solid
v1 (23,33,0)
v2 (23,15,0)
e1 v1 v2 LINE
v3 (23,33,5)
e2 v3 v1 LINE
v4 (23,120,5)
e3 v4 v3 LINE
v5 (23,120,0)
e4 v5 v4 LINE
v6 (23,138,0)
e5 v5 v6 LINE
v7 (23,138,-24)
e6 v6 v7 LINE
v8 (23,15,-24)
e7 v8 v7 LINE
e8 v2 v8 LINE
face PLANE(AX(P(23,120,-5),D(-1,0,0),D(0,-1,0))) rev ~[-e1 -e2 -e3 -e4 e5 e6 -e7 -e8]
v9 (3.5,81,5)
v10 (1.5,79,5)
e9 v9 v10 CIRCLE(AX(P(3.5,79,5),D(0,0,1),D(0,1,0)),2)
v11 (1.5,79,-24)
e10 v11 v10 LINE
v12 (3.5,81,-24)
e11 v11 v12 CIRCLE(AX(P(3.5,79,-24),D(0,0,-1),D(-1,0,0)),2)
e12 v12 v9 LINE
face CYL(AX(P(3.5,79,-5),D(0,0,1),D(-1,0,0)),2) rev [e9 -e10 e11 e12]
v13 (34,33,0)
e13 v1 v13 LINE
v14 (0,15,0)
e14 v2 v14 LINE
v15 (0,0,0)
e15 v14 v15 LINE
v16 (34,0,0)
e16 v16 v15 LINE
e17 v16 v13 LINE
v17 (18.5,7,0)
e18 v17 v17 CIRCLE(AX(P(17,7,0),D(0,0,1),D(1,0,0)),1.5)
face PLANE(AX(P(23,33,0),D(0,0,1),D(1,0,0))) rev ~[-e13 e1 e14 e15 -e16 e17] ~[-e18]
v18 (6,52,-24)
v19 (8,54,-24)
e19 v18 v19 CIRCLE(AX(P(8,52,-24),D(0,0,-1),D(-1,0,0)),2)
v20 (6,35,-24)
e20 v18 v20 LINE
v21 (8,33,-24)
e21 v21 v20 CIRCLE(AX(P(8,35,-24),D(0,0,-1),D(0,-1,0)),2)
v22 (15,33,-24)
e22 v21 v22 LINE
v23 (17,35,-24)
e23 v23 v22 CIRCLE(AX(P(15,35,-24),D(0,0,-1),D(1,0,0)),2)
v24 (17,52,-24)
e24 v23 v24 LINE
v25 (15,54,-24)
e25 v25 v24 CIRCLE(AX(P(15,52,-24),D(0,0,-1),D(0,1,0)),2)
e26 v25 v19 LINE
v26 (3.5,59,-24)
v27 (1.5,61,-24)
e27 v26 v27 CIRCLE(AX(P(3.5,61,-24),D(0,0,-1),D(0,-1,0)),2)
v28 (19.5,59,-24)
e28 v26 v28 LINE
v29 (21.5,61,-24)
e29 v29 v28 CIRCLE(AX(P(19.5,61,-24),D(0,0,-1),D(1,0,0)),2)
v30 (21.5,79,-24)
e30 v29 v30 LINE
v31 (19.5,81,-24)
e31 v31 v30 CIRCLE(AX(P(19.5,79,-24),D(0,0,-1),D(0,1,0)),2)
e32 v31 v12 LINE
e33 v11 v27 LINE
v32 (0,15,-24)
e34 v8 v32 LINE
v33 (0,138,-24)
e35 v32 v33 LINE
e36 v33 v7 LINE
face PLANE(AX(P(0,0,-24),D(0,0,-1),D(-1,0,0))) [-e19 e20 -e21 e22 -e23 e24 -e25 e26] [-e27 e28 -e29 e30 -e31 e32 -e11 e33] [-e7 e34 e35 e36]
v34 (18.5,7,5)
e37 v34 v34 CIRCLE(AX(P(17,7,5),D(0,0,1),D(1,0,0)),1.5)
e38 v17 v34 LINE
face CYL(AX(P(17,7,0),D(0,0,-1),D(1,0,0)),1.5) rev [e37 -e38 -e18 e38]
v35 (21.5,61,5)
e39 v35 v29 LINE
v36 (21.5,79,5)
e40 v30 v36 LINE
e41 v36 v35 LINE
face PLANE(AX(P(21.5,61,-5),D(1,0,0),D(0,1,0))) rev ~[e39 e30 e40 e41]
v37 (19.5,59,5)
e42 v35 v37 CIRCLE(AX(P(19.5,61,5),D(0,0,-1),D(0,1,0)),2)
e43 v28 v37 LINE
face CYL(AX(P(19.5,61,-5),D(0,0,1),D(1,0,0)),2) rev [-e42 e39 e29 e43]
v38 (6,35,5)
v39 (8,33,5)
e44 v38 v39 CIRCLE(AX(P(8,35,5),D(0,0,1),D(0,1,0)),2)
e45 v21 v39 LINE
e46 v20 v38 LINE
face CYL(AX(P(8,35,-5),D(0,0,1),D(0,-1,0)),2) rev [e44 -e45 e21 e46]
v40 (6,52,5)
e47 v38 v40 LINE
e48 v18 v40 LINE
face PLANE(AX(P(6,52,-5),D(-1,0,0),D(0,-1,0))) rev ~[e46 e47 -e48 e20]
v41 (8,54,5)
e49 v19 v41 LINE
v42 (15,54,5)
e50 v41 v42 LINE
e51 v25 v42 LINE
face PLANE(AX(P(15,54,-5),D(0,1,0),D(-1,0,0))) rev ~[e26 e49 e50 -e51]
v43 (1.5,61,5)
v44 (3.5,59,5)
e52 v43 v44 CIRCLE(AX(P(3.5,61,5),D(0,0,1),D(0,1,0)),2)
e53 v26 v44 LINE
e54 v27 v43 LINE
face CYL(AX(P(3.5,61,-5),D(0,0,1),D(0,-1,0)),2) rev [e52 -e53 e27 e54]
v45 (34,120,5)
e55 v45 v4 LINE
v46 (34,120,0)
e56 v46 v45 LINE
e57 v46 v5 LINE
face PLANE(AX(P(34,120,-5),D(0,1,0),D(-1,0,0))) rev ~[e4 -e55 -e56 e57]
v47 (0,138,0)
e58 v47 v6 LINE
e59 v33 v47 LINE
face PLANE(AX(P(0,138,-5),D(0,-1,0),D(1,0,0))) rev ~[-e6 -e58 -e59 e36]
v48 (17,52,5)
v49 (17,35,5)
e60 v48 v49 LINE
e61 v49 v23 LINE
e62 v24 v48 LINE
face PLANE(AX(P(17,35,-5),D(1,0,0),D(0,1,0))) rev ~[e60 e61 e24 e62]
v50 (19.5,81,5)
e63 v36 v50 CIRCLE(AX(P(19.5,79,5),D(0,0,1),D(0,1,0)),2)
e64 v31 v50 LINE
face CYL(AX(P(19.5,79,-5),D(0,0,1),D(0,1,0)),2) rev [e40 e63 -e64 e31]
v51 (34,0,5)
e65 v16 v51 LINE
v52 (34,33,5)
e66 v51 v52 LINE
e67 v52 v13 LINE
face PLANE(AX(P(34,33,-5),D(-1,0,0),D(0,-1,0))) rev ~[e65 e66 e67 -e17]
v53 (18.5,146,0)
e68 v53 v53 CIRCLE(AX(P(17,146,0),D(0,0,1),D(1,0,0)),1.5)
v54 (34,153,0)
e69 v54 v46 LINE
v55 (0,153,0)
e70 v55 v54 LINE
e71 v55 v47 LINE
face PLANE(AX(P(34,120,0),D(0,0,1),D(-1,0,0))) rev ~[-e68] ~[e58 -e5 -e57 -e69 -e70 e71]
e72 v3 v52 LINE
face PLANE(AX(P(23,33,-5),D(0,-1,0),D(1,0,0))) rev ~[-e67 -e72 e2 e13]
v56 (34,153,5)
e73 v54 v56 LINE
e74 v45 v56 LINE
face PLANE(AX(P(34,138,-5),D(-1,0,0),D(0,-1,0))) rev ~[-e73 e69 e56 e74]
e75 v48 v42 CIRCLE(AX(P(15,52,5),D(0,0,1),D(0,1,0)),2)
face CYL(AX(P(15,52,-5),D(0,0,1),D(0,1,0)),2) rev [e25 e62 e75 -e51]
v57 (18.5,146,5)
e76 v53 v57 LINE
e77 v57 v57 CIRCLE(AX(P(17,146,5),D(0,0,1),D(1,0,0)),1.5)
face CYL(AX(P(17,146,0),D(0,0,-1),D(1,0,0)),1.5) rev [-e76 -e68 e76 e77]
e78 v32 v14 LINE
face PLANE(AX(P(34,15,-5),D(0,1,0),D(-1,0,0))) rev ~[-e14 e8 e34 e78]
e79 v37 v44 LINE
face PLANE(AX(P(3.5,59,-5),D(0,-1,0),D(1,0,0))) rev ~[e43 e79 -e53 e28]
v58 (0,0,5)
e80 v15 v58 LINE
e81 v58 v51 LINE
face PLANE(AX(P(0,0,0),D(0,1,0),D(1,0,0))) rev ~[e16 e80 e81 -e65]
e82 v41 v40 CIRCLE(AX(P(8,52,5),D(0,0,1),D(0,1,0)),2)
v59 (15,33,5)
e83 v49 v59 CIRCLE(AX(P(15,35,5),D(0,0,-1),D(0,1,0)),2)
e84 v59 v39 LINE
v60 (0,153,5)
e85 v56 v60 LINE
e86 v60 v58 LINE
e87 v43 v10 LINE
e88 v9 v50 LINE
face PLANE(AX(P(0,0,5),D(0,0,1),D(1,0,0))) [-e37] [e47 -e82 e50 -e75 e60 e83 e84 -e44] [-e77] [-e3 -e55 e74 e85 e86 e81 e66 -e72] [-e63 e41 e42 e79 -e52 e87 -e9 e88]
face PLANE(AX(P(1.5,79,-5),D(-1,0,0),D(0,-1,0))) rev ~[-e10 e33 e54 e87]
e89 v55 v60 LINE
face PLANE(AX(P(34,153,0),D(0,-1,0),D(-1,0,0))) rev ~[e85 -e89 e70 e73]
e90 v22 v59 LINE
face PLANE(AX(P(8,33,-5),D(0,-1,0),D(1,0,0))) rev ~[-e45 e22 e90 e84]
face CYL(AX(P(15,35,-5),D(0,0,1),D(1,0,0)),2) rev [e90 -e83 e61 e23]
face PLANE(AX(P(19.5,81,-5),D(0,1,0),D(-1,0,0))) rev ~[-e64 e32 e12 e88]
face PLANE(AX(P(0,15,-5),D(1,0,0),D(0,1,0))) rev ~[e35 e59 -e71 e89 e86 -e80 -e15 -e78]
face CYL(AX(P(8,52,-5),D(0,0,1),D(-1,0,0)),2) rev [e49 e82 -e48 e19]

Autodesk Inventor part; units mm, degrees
ref_plane "YZ Plane" through (0, 0, 0) normal (1, 0, 0) x (0, 1, 0)
ref_plane "XZ Plane" through (0, 0, 0) normal (0, 1, 0) x (-1, 0, 0)
ref_plane "XY Plane" through (0, 0, 0) normal (0, 0, 1) x (1, 0, 0)
sketch "Sketch1" plane through (0, 0, 0) normal (0, 0, 1) x (1, 0, 0)
  line L0 (0, 0) -> (34, 0)
  line L1 (34, 0) -> (34, 153)
  line L2 (34, 153) -> (0, 153)
  line L3 (0, 153) -> (0, 0)
  circle A0 centre (17, 7) radius 1.5
  circle A1 centre (17, 146) radius 1.5
  point P0 (17, 153)
  point P1 (17, 0)
  dimension "d0" = 34
  dimension "d1" = 153
  dimension "d2" = 3
  dimension "d4" = 7
  dimension "d5" = 3
  dimension "d6" = 7
extrude "Extrusion1" add sketch "Sketch1" along normal blind 5
sketch "Sketch2" plane through (0, 0, 0) normal (0, 0, -1) x (-1, 0, 0)
  line L0 (0, 153) -> (0, 0) projected
  line L1 (0, 138) -> (-34, 138)
  line L2 (-34, 138) -> (-34, 15)
  line L3 (-34, 15) -> (0, 15)
  line L4 (0, 15) -> (0, 138)
  line L5 (-34, 0) -> (-34, 153) projected
  point P0 (0, 76.5)
  dimension "d10" = 123
extrude "Extrusion2" add sketch "Sketch2" along normal blind 5
sketch "Sketch3" plane through (0, 0, 5) normal (0, 0, 1) x (1, 0, 0)
  line L0 (23, 33) -> (34, 33)
  line L1 (34, 33) -> (34, 120)
  line L2 (34, 120) -> (23, 120)
  line L3 (23, 120) -> (23, 33)
  line L4 (34, 0) -> (34, 153) construction
  line L5 (0, 15) -> (34, 15) construction
  line L6 (34, 138) -> (0, 138) construction
  line L7 (28.5, 33) -> (28.5, 15) construction
  line L8 (28.5, 120) -> (28.5, 138) construction
  dimension "d29" = 11
  dimension "d30" = 87
extrude "Extrusion3" cut sketch "Sketch3" against normal through all
sketch "Sketch4" plane through (0, 0, 5) normal (0, 0, 1) x (1, 0, 0)
  line L0 (17, 33) -> (6, 33)
  line L1 (6, 33) -> (6, 54)
  line L2 (6, 54) -> (17, 54)
  line L3 (17, 54) -> (17, 33)
  line L4 (23, 33) -> (23, 120)
  line L5 (0, 153) -> (0, 0)
  line L6 (6, 43.5) -> (0, 43.5)
  line L7 (17, 43.5) -> (23, 43.5)
  dimension "d17" = 11
  dimension "d18" = 21
extrude "Extrusion4" cut sketch "Sketch4" against normal through all
fillet "Fillet1" radius 2 4 edges at (6, 54, 0) (17, 54, 0) (17, 33, 0) (6, 33, 0)
sketch "Sketch6" plane through (0, 0, 5) normal (0, 0, 1) x (1, 0, 0)
  line L0 (21.5, 59) -> (1.5, 59)
  line L1 (1.5, 59) -> (1.5, 81)
  line L2 (1.5, 81) -> (21.5, 81)
  line L3 (21.5, 81) -> (21.5, 59)
  line L4 (17, 34) -> (17, 17) construction
  line L5 (8, 54) -> (15, 54) construction
  line L6 (1.5, 70) -> (0, 70) construction
  line L7 (0, 153) -> (0, 0) construction
  line L8 (21.5, 70) -> (23, 70) construction
  line L9 (23, 33) -> (23, 120)
  dimension "d23" = 20
  dimension "d24" = 22
  dimension "d25" = 5
extrude "Extrusion5" cut sketch "Sketch6" against normal through all
fillet "Fillet2" radius 2 4 edges at (21.5, 81, 0) (1.5, 81, 0) (1.5, 59, 0) (21.5, 59, 0)
sketch "Sketch7" plane through (0, 0, -5) normal (0, 0, -1) x (-1, 0, 0)
  line L0 (-21.5, 61) -> (-21.5, 79) projected
  arc A0 (-19.5, 81) -> (-21.5, 79) centre (-19.5, 79) ccw projected
  line L1 (-19.5, 81) -> (-3.5, 81) projected
  arc A1 (-1.5, 79) -> (-3.5, 81) centre (-3.5, 79) ccw projected
  line L2 (-1.5, 79) -> (-1.5, 61) projected
  arc A2 (-3.5, 59) -> (-1.5, 61) centre (-3.5, 61) ccw projected
  line L3 (-3.5, 59) -> (-19.5, 59) projected
  arc A3 (-21.5, 61) -> (-19.5, 59) centre (-19.5, 61) ccw projected
  line L4 (-17, 35) -> (-17, 52) projected
  arc A4 (-15, 54) -> (-17, 52) centre (-15, 52) ccw projected
  line L5 (-15, 54) -> (-8, 54) projected
  arc A5 (-6, 52) -> (-8, 54) centre (-8, 52) ccw projected
  line L6 (-6, 52) -> (-6, 35) projected
  arc A6 (-8, 33) -> (-6, 35) centre (-8, 35) ccw projected
  line L7 (-8, 33) -> (-15, 33) projected
  arc A7 (-17, 35) -> (-15, 33) centre (-15, 35) ccw projected
  line L8 (-23, 33) -> (-34, 33) projected
  line L9 (-34, 33) -> (-34, 15) projected
  line L10 (-34, 15) -> (0, 15) projected
  line L11 (0, 15) -> (0, 138) projected
  line L12 (0, 138) -> (-34, 138) projected
  line L13 (-34, 138) -> (-34, 120) projected
  line L14 (-34, 120) -> (-23, 120) projected
  line L15 (-23, 120) -> (-23, 33) projected
  point P0 (0, 0)
extrude "Extrusion6" add sketch "Sketch7" along normal blind 19
sketch "Sketch8" plane through (23, 33, 5) normal (0, 1, 0) x (1, 0, 0)
  line L0 (0, 0) -> (0, 29) projected
  line L1 (11, 0) -> (0, 0) projected
  line L2 (11, 29) -> (11, 0) projected
  line L3 (0, 29) -> (11, 29) projected
  line L4 (-23, 5) -> (11, 5) projected
  line L5 (0, 5) -> (11, 5)
extrude "Extrusion7" cut sketch "Sketch8" against normal through all contours L0 L3 L2 L4
sketch "Sketch9" plane through (23, 120, 5) normal (0, -1, 0) x (1, 0, 0)
  line L0 (11, -5) -> (-23, -5) projected
  line L1 (11, -5) -> (11, -29) projected
  line L2 (-23, -29) -> (11, -29) projected
  line L3 (-23, -5) -> (-23, -29) projected
  line L4 (0, 0) -> (0, -29) projected
  line L5 (0, 0) -> (0, -5) projected
  line L6 (0, -29) -> (0, -5) projected
  line L7 (-23, -29) -> (11, -29) projected
  line L8 (11, -29) -> (0, -29)
  line L9 (0, -29) -> (0, -5)
  line L10 (0, -5) -> (11, -5)
  line L11 (11, -5) -> (11, -29)
  point P0 (-23, -5)
extrude "Extrusion8" cut sketch "Sketch9" against normal through all contours L1 L2 L4 L0
properties part number "BP005" material "ABS Plastic"
